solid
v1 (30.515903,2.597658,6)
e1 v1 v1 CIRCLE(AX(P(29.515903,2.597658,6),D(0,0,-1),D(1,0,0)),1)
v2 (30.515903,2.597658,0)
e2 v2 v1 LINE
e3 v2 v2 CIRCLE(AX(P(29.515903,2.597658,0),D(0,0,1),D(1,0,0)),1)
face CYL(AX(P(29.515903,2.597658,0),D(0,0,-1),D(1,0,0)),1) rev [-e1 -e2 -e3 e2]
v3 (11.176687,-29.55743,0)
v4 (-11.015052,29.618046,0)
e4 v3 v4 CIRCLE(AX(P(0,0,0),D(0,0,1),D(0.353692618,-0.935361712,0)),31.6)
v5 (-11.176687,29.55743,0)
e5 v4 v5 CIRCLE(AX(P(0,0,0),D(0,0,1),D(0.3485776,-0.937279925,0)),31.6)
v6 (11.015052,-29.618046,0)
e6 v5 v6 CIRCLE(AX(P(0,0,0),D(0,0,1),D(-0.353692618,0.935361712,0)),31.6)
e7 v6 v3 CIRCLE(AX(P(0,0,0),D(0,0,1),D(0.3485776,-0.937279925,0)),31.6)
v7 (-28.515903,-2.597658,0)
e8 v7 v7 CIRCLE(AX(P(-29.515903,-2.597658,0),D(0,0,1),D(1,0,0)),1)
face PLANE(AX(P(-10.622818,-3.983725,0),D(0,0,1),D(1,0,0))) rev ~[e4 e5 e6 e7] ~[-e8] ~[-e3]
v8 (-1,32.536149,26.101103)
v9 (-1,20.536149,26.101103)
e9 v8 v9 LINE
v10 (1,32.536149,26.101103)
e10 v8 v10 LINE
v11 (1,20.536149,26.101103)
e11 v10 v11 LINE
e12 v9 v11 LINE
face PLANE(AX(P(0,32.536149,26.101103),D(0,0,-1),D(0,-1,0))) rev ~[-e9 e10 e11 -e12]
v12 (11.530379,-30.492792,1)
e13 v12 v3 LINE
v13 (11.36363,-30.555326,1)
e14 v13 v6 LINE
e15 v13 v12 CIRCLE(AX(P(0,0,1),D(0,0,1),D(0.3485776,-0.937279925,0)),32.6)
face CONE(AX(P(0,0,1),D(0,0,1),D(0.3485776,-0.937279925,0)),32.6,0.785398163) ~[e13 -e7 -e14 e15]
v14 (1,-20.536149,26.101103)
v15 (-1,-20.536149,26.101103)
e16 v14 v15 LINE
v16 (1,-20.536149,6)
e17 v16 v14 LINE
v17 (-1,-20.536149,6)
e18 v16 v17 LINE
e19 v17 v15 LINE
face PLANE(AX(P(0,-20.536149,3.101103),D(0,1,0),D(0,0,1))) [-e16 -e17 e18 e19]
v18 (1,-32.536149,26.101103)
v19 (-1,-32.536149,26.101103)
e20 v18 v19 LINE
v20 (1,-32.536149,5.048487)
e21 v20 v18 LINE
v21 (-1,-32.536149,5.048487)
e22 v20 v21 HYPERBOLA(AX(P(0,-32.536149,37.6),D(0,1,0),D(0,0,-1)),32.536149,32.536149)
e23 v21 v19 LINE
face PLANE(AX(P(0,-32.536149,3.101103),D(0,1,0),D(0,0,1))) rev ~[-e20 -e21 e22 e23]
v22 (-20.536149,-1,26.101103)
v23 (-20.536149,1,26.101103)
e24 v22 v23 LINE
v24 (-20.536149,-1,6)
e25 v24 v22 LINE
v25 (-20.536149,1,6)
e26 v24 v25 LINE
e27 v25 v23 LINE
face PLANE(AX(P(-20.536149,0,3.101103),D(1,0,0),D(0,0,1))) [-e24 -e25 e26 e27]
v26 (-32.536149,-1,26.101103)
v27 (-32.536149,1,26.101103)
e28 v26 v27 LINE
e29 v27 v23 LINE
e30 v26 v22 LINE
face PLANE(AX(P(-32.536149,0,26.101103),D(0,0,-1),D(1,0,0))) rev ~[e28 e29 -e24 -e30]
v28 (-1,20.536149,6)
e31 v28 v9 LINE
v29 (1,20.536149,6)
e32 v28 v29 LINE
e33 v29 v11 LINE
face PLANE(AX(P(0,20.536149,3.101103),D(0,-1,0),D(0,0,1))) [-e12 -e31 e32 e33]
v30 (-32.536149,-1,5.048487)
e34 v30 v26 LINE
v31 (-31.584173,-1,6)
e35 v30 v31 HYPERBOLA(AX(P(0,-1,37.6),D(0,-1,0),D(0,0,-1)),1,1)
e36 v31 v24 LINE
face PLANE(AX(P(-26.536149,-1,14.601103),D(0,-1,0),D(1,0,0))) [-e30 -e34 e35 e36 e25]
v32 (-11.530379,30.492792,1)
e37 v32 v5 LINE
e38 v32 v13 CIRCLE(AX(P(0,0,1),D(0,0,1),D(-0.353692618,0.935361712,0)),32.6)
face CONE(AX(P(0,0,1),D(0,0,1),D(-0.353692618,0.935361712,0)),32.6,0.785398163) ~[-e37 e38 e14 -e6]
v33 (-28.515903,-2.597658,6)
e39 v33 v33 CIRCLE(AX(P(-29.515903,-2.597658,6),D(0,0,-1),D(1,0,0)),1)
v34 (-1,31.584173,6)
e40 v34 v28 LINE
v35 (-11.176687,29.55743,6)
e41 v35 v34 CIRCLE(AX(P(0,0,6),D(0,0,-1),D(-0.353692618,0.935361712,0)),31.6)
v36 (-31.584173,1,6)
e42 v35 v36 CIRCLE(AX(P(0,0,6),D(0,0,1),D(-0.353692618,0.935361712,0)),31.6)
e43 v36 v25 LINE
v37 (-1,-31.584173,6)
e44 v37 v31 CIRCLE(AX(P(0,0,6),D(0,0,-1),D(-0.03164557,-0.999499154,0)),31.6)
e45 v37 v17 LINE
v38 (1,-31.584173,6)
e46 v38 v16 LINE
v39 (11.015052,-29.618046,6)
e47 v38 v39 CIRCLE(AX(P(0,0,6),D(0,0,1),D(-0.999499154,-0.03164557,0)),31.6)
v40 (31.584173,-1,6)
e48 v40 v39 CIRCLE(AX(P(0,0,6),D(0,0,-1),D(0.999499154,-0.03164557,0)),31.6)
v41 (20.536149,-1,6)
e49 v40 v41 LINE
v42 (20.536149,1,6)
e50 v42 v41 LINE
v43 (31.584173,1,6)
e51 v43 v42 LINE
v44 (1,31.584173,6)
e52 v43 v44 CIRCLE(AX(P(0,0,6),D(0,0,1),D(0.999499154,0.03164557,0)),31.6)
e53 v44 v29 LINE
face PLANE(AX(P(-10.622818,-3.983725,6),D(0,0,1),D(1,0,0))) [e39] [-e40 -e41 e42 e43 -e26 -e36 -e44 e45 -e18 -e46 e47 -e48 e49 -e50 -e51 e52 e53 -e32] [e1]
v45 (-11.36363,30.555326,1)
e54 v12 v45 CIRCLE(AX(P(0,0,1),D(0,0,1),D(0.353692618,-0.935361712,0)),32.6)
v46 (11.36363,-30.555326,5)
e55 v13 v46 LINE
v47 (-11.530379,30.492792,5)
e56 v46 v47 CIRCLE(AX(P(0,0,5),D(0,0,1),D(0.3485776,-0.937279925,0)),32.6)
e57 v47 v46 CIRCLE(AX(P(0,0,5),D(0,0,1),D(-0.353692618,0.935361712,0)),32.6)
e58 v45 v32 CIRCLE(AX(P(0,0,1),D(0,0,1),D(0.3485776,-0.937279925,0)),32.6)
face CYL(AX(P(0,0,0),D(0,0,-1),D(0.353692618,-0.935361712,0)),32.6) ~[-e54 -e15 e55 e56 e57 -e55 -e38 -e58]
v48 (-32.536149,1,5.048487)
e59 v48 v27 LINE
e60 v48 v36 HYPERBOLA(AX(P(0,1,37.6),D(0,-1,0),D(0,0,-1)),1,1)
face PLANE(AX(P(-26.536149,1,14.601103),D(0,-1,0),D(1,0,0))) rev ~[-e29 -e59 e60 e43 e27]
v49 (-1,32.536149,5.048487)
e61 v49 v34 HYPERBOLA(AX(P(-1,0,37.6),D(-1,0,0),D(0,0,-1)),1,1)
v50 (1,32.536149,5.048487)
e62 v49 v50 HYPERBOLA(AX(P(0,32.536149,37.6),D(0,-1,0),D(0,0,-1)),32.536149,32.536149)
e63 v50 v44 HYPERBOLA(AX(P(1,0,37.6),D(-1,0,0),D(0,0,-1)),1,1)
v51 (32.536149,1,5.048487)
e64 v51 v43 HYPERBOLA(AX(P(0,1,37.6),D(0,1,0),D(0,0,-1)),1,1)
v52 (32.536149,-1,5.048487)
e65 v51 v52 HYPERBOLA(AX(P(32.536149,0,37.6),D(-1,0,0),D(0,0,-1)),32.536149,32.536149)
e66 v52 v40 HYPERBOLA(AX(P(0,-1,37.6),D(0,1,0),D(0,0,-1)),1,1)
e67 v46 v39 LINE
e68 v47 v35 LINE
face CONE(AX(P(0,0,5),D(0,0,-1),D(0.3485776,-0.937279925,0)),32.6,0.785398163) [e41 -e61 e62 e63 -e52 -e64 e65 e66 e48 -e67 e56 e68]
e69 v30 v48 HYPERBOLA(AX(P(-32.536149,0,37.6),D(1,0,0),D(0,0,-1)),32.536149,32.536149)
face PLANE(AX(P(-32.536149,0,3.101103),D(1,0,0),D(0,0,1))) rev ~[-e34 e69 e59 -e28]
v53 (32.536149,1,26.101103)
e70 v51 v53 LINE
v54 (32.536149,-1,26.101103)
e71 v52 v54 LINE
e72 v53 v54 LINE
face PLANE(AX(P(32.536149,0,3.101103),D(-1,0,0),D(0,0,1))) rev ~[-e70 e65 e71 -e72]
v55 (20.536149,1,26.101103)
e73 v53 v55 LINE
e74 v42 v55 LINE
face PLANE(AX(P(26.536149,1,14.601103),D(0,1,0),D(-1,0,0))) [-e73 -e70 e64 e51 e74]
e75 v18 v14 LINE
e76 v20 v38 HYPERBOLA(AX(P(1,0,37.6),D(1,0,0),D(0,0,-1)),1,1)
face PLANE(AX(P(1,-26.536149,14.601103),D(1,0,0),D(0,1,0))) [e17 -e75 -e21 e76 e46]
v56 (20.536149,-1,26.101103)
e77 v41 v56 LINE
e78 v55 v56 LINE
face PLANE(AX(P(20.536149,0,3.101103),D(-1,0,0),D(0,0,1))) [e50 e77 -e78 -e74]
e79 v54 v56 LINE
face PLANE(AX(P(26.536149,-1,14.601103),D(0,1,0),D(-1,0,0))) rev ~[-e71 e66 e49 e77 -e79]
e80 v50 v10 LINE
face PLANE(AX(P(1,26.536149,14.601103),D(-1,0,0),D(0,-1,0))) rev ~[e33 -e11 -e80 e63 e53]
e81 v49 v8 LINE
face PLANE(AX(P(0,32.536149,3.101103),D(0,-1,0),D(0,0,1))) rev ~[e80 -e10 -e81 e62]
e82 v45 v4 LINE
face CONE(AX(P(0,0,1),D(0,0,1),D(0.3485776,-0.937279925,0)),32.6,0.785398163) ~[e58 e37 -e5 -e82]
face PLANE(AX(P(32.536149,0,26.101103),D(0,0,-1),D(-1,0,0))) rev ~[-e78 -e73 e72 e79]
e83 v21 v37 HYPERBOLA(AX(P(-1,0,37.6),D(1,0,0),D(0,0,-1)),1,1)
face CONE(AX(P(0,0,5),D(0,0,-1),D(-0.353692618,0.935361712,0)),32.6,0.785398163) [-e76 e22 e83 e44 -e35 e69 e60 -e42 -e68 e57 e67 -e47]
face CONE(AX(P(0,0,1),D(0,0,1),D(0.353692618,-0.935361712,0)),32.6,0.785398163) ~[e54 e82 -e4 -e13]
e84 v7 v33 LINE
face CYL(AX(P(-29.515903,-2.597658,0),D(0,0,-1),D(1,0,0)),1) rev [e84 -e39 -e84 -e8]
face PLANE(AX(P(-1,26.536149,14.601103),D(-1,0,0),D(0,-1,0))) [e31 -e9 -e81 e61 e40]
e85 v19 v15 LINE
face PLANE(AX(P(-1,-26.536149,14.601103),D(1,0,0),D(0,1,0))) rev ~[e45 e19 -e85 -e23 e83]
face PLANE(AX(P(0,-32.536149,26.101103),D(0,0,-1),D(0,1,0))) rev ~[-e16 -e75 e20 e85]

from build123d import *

# Parameters (mm, degrees)
F1_DEPTH = 6
F2_SIZE  = 1
F3_W     = 12
F3_H     = 23
F4_DEPTH = 1
F5_COUNT = 4
F6_R     = 1
F7_DEPTH = 25


with BuildPart() as f1:
    # F0 (on Top) → F1 (new body)
    with BuildSketch(Plane.XY):
        with BuildLine():
            Line((11.3636297451, -30.5553255426), (-11.5303793462, 30.4927918061))
            ThreePointArc((-11.5303793462, 30.4927918061), (-30.524172541, -11.4470472475), (11.3636297451, -30.5553255426))
        make_face()
        with BuildLine():
            ThreePointArc((11.3636297451, -30.5553255426), (26.7695193241, -18.6051830186), (32.6, 0))
            ThreePointArc((32.6, 0), (18.5319944058, 26.8202383163), (-11.5303793462, 30.4927918061))
            Line((-11.5303793462, 30.4927918061), (11.3636297451, -30.5553255426))
        make_face()
    extrude(amount=F1_DEPTH)

    # F2
    f2_edges = [f1.edges().sort_by_distance(p)[0] for p in [
        (-11.36363, 30.555326, 6),
        (-11.36363, 30.555326, 0),
    ]]
    chamfer(f2_edges, length=F2_SIZE)

    # F3 (on Front) → F4 (join, symmetric)
    with BuildSketch(Plane.XZ):
        with Locations((-26.536149025, 14.6011034735)):
            Rectangle(F3_W, F3_H)
    extrude(amount=F4_DEPTH, both=True)

    # F5: F1 ×4 about axis
    f5_axis = Axis((0, 0, 5), (0, 0, -1))


with BuildPart() as f1_1:
    add(f1.part)
    for i in range(1, F5_COUNT):
        add(f1.part.rotate(f5_axis, i * 360 / F5_COUNT))

    # F6 (on Top) → F7 (cut)
    with BuildSketch(Plane.XY):
        with Locations((-29.5159034431, -2.5976577308)):
            Circle(F6_R)
        with Locations((29.5159034431, 2.5976577308)):
            Circle(F6_R)
    extrude(amount=F7_DEPTH, mode=Mode.SUBTRACT)


solid = f1_1.part
